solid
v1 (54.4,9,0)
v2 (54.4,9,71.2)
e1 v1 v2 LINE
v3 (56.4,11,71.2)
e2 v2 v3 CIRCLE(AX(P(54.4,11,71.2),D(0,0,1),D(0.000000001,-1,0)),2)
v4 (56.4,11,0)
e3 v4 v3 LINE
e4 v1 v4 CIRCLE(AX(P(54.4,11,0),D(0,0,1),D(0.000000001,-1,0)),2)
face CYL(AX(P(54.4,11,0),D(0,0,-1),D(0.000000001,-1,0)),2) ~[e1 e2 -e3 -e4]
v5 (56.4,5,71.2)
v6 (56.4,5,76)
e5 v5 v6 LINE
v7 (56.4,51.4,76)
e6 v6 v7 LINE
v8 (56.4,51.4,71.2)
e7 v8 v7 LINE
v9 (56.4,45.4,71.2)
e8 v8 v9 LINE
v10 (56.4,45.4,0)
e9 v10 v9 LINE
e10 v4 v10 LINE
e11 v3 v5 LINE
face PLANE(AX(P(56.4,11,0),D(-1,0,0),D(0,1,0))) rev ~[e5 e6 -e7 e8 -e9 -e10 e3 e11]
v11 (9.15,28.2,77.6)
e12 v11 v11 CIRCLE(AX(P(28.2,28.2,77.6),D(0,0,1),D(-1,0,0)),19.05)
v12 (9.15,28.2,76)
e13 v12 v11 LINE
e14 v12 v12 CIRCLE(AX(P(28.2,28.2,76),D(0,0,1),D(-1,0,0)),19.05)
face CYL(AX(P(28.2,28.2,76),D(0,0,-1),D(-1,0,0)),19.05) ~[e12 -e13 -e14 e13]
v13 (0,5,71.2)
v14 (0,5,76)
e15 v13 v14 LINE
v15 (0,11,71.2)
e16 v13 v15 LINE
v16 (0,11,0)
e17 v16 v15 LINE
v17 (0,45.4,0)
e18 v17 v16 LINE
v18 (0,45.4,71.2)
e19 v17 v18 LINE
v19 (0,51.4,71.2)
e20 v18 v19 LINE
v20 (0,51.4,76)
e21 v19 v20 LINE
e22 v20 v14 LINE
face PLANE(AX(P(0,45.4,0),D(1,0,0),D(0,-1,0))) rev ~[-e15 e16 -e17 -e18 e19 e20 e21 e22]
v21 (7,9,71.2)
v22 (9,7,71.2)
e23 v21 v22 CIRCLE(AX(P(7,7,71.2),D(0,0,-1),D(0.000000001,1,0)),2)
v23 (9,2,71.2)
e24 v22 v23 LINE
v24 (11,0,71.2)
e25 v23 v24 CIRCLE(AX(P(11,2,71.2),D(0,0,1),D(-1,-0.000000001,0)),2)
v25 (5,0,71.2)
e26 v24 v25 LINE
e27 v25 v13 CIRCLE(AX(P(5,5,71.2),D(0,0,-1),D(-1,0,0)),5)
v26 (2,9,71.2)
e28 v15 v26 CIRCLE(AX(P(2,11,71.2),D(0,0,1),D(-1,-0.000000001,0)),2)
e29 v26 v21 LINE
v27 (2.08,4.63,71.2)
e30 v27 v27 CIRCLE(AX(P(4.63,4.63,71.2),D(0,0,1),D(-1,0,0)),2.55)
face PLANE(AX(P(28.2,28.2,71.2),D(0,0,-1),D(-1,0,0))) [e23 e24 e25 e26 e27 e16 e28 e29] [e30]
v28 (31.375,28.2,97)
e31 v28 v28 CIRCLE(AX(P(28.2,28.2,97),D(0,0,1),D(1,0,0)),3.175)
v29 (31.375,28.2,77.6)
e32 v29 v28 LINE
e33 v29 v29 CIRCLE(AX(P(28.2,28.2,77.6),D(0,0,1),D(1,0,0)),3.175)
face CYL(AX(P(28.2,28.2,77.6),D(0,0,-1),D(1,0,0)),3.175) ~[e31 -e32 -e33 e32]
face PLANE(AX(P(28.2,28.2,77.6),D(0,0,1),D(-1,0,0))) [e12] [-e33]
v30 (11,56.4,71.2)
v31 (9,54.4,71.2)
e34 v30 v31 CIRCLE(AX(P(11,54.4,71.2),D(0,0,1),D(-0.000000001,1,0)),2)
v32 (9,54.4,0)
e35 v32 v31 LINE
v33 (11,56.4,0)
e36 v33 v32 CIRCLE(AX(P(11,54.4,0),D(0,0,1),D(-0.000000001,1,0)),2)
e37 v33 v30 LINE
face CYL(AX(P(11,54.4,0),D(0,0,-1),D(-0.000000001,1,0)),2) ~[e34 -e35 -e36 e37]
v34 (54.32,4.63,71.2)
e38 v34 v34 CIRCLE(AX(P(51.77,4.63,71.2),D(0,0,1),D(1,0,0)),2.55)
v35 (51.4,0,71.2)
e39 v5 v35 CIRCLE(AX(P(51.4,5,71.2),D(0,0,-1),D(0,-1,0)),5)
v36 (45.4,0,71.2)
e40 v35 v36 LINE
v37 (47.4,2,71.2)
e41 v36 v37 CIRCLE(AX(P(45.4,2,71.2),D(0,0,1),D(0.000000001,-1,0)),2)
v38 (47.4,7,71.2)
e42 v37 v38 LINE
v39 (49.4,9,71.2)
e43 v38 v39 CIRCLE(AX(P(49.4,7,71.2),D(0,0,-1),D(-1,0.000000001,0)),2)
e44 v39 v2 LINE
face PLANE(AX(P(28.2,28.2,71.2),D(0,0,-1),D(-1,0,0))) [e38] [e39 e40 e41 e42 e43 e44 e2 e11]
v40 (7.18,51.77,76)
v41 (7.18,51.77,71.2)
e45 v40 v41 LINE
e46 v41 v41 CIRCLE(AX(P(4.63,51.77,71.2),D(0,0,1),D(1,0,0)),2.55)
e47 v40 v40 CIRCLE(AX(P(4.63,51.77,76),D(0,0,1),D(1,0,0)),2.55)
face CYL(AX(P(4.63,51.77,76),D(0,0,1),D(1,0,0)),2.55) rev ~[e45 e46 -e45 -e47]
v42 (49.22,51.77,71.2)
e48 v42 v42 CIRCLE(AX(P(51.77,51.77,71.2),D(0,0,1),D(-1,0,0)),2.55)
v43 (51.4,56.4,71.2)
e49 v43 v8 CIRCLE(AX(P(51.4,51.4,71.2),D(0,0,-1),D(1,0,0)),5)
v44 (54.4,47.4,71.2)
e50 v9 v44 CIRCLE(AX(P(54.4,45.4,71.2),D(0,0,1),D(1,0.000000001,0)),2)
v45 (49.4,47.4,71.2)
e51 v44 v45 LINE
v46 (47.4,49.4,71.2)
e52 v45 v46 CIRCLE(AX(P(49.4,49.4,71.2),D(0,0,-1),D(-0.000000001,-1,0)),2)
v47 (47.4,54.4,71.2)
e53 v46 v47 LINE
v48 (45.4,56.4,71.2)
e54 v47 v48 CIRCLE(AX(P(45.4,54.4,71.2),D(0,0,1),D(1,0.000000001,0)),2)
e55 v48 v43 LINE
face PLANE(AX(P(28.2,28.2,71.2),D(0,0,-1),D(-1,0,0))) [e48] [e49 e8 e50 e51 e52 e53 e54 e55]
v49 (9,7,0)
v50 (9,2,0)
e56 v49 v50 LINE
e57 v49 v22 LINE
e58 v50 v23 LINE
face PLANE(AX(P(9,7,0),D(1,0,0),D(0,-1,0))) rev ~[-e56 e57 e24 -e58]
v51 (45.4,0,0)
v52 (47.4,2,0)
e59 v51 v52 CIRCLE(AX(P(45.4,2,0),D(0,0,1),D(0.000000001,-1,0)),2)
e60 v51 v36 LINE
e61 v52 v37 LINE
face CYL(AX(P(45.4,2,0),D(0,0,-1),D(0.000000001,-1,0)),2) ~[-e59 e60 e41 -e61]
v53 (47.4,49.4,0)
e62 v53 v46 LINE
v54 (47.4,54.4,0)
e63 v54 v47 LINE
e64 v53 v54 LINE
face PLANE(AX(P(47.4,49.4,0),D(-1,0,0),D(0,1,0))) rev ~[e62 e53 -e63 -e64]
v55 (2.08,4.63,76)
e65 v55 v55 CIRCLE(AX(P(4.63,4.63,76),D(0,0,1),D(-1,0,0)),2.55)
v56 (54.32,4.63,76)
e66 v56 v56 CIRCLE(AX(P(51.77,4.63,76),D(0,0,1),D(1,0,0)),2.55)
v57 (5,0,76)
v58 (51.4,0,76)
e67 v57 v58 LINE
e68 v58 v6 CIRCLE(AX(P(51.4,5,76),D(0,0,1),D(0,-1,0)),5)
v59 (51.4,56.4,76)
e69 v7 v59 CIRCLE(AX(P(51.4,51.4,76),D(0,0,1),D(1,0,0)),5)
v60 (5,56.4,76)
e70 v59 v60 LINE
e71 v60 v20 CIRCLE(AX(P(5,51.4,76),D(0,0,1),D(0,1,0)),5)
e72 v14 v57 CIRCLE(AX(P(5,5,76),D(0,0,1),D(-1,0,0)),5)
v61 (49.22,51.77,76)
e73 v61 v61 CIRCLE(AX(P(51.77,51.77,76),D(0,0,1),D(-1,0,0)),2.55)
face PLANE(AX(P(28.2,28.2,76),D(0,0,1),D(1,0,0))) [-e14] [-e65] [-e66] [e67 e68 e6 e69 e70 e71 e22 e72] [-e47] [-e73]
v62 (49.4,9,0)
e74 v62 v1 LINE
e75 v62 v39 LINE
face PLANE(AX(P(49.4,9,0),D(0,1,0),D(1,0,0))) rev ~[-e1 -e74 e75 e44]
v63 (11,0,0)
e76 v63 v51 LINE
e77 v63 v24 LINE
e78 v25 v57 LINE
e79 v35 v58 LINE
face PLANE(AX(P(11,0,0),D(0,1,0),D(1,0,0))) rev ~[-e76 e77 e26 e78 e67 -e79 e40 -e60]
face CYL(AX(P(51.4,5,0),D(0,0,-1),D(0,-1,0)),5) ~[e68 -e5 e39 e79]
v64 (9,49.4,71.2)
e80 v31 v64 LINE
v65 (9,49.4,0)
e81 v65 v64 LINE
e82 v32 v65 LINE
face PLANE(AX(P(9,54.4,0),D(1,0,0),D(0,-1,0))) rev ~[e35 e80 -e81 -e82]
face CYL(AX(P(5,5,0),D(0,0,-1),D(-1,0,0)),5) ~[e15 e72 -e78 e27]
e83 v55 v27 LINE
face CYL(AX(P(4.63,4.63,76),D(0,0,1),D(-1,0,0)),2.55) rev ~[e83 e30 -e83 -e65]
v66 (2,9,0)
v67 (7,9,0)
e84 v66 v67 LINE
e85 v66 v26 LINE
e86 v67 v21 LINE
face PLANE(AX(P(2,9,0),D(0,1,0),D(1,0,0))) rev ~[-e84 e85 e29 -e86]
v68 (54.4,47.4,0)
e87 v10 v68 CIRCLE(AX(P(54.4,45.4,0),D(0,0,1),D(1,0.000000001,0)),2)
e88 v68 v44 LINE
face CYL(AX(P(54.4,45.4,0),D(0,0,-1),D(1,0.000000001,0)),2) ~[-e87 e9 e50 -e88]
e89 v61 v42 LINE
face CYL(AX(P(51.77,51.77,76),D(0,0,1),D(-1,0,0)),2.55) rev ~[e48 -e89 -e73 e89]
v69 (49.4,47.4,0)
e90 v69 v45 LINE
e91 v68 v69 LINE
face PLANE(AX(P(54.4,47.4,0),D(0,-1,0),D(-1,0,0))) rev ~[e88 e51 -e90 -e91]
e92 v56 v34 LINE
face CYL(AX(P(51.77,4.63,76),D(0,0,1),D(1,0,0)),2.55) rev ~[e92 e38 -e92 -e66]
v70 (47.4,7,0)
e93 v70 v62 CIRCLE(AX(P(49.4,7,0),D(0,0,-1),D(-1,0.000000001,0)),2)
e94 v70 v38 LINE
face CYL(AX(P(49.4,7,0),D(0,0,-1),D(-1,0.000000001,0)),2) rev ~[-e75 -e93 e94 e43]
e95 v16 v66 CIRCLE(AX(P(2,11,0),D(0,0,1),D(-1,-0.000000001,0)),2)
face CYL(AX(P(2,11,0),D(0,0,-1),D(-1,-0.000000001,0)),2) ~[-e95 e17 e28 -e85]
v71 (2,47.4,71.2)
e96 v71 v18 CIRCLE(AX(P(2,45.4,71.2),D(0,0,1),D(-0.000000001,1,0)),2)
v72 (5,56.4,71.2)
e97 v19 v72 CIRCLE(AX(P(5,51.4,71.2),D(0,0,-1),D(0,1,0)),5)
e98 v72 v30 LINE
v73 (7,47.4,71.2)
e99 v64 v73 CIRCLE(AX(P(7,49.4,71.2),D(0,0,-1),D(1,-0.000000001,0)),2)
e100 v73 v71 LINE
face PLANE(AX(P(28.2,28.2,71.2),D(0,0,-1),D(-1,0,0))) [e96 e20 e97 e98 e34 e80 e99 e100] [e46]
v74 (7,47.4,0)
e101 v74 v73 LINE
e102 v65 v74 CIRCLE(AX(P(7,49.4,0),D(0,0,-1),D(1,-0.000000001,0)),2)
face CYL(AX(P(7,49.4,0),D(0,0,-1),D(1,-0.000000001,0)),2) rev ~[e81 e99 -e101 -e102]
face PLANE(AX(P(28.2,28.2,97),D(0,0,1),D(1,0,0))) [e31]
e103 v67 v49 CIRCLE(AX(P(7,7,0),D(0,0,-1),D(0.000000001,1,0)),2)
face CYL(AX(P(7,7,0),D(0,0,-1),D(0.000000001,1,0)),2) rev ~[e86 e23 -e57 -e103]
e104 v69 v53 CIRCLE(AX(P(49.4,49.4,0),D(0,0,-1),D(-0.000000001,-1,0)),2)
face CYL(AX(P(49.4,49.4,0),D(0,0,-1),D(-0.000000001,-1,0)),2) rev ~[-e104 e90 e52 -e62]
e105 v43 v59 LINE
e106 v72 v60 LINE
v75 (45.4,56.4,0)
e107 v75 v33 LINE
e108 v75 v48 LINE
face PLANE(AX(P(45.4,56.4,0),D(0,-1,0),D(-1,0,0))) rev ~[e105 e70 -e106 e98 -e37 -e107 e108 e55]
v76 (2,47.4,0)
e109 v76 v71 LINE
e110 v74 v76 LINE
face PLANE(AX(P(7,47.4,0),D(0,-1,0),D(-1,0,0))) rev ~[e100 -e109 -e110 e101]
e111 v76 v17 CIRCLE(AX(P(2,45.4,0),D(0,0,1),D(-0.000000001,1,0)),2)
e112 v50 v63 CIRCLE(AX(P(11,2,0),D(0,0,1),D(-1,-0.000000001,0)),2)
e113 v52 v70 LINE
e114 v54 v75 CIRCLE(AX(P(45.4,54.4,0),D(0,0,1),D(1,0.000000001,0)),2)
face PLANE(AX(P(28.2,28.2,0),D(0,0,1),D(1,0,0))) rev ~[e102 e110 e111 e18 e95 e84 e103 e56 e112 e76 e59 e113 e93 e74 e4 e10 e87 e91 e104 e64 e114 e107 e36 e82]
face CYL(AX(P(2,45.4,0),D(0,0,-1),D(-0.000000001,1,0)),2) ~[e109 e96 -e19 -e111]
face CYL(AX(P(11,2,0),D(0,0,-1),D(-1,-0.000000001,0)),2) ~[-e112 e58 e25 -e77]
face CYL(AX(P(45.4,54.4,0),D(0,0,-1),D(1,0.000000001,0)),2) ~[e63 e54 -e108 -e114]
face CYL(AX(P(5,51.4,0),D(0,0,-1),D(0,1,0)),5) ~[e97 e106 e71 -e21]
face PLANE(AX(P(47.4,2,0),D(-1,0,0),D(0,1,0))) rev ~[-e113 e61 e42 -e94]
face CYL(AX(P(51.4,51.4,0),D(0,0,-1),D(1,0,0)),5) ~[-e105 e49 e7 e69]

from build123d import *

# Parameters (mm, degrees)
EXTRUDE_1_DEPTH     = 76
SKETCH_2_R          = 19.05
EXTRUDE_2_DEPTH     = 1.6
SKETCH_3_OUTSIDE_W  = 80.656
SKETCH_3_OUTSIDE_H  = 80.656
CUT_EXTRUDE_1_DEPTH = 71.2
SKETCH_4_R          = 2.55
CUT_EXTRUDE_2_DEPTH = 71.2
SKETCH_5_R          = 3.175
EXTRUDE_3_DEPTH     = 19.4


with BuildPart() as part:
    # Эскиз1 → Бобышка-Вытянуть1 (new body)
    with BuildSketch(Plane.XY):
        with BuildLine():
            Line((5, 0), (51.4, 0))
            ThreePointArc((51.4, 0), (54.935533906, 1.464466094), (56.4, 5))
            Line((56.4, 5), (56.4, 51.4))
            ThreePointArc((56.4, 51.4), (54.935533906, 54.935533906), (51.4, 56.4))
            Line((51.4, 56.4), (5, 56.4))
            ThreePointArc((5, 56.4), (1.464466094, 54.935533906), (0, 51.4))
            Line((0, 51.4), (0, 5))
            ThreePointArc((0, 5), (1.464466094, 1.464466094), (5, 0))
        make_face()
    extrude(amount=EXTRUDE_1_DEPTH)

    # Эскиз2 → Бобышка-Вытянуть2 (add)
    with BuildSketch(Plane.XY.offset(76)):
        with Locations(Location((28.2, 28.2, 0), (0, 0, 180))):
            Circle(SKETCH_2_R)
    extrude(amount=EXTRUDE_2_DEPTH)

    # Эскиз3 outside → Вырез-Вытянуть1 (cut)
    with BuildSketch(Plane(origin=(0, 0, 0), x_dir=(-1, 0, 0), z_dir=(0, 0, -1))):
        with Locations((-28.2, 28.2)):
            Rectangle(SKETCH_3_OUTSIDE_W, SKETCH_3_OUTSIDE_H)
        with BuildLine():
            Line((-56.4, 11), (-56.4, 45.4))
            ThreePointArc((-56.4, 45.4), (-55.814213562, 46.814213562), (-54.4, 47.4))
            Line((-54.4, 47.4), (-49.4, 47.4))
            ThreePointArc((-49.4, 47.4), (-47.985786438, 47.985786438), (-47.4, 49.4))
            Line((-47.4, 49.4), (-47.4, 54.4))
            ThreePointArc((-47.4, 54.4), (-46.814213562, 55.814213562), (-45.4, 56.4))
            Line((-45.4, 56.4), (-11, 56.4))
            ThreePointArc((-11, 56.4), (-9.585786438, 55.814213562), (-9, 54.4))
            Line((-9, 54.4), (-9, 49.4))
            ThreePointArc((-9, 49.4), (-8.414213562, 47.985786438), (-7, 47.4))
            Line((-7, 47.4), (-2, 47.4))
            ThreePointArc((-2, 47.4), (-0.585786438, 46.814213562), (0, 45.4))
            Line((0, 45.4), (0, 11))
            ThreePointArc((0, 11), (-0.585786438, 9.585786438), (-2, 9))
            Line((-2, 9), (-7, 9))
            ThreePointArc((-7, 9), (-8.414213562, 8.414213562), (-9, 7))
            Line((-9, 7), (-9, 2))
            ThreePointArc((-9, 2), (-9.585786438, 0.585786438), (-11, 0))
            Line((-11, 0), (-45.4, 0))
            ThreePointArc((-45.4, 0), (-46.814213562, 0.585786438), (-47.4, 2))
            Line((-47.4, 2), (-47.4, 7))
            ThreePointArc((-47.4, 7), (-47.985786438, 8.414213562), (-49.4, 9))
            Line((-49.4, 9), (-54.4, 9))
            ThreePointArc((-54.4, 9), (-55.814213562, 9.585786438), (-56.4, 11))
        make_face(mode=Mode.SUBTRACT)
    extrude(amount=-CUT_EXTRUDE_1_DEPTH, mode=Mode.SUBTRACT)

    # Эскиз4 → Вырез-Вытянуть2 (cut)
    with BuildSketch(Plane.XY.offset(76)):
        with Locations((4.63, 51.77)):
            Circle(SKETCH_4_R)
        with Locations(Location((51.77, 51.77, 0), (0, 0, 180))):
            Circle(SKETCH_4_R)
        with Locations(Location((4.63, 4.63, 0), (0, 0, 180))):
            Circle(SKETCH_4_R)
        with Locations((51.77, 4.63)):
            Circle(SKETCH_4_R)
    extrude(amount=-CUT_EXTRUDE_2_DEPTH, mode=Mode.SUBTRACT)

    # Эскиз5 → Бобышка-Вытянуть3 (add)
    with BuildSketch(Plane.XY.offset(77.6)):
        with Locations((28.2, 28.2)):
            Circle(SKETCH_5_R)
    extrude(amount=EXTRUDE_3_DEPTH)


solid = part.part
